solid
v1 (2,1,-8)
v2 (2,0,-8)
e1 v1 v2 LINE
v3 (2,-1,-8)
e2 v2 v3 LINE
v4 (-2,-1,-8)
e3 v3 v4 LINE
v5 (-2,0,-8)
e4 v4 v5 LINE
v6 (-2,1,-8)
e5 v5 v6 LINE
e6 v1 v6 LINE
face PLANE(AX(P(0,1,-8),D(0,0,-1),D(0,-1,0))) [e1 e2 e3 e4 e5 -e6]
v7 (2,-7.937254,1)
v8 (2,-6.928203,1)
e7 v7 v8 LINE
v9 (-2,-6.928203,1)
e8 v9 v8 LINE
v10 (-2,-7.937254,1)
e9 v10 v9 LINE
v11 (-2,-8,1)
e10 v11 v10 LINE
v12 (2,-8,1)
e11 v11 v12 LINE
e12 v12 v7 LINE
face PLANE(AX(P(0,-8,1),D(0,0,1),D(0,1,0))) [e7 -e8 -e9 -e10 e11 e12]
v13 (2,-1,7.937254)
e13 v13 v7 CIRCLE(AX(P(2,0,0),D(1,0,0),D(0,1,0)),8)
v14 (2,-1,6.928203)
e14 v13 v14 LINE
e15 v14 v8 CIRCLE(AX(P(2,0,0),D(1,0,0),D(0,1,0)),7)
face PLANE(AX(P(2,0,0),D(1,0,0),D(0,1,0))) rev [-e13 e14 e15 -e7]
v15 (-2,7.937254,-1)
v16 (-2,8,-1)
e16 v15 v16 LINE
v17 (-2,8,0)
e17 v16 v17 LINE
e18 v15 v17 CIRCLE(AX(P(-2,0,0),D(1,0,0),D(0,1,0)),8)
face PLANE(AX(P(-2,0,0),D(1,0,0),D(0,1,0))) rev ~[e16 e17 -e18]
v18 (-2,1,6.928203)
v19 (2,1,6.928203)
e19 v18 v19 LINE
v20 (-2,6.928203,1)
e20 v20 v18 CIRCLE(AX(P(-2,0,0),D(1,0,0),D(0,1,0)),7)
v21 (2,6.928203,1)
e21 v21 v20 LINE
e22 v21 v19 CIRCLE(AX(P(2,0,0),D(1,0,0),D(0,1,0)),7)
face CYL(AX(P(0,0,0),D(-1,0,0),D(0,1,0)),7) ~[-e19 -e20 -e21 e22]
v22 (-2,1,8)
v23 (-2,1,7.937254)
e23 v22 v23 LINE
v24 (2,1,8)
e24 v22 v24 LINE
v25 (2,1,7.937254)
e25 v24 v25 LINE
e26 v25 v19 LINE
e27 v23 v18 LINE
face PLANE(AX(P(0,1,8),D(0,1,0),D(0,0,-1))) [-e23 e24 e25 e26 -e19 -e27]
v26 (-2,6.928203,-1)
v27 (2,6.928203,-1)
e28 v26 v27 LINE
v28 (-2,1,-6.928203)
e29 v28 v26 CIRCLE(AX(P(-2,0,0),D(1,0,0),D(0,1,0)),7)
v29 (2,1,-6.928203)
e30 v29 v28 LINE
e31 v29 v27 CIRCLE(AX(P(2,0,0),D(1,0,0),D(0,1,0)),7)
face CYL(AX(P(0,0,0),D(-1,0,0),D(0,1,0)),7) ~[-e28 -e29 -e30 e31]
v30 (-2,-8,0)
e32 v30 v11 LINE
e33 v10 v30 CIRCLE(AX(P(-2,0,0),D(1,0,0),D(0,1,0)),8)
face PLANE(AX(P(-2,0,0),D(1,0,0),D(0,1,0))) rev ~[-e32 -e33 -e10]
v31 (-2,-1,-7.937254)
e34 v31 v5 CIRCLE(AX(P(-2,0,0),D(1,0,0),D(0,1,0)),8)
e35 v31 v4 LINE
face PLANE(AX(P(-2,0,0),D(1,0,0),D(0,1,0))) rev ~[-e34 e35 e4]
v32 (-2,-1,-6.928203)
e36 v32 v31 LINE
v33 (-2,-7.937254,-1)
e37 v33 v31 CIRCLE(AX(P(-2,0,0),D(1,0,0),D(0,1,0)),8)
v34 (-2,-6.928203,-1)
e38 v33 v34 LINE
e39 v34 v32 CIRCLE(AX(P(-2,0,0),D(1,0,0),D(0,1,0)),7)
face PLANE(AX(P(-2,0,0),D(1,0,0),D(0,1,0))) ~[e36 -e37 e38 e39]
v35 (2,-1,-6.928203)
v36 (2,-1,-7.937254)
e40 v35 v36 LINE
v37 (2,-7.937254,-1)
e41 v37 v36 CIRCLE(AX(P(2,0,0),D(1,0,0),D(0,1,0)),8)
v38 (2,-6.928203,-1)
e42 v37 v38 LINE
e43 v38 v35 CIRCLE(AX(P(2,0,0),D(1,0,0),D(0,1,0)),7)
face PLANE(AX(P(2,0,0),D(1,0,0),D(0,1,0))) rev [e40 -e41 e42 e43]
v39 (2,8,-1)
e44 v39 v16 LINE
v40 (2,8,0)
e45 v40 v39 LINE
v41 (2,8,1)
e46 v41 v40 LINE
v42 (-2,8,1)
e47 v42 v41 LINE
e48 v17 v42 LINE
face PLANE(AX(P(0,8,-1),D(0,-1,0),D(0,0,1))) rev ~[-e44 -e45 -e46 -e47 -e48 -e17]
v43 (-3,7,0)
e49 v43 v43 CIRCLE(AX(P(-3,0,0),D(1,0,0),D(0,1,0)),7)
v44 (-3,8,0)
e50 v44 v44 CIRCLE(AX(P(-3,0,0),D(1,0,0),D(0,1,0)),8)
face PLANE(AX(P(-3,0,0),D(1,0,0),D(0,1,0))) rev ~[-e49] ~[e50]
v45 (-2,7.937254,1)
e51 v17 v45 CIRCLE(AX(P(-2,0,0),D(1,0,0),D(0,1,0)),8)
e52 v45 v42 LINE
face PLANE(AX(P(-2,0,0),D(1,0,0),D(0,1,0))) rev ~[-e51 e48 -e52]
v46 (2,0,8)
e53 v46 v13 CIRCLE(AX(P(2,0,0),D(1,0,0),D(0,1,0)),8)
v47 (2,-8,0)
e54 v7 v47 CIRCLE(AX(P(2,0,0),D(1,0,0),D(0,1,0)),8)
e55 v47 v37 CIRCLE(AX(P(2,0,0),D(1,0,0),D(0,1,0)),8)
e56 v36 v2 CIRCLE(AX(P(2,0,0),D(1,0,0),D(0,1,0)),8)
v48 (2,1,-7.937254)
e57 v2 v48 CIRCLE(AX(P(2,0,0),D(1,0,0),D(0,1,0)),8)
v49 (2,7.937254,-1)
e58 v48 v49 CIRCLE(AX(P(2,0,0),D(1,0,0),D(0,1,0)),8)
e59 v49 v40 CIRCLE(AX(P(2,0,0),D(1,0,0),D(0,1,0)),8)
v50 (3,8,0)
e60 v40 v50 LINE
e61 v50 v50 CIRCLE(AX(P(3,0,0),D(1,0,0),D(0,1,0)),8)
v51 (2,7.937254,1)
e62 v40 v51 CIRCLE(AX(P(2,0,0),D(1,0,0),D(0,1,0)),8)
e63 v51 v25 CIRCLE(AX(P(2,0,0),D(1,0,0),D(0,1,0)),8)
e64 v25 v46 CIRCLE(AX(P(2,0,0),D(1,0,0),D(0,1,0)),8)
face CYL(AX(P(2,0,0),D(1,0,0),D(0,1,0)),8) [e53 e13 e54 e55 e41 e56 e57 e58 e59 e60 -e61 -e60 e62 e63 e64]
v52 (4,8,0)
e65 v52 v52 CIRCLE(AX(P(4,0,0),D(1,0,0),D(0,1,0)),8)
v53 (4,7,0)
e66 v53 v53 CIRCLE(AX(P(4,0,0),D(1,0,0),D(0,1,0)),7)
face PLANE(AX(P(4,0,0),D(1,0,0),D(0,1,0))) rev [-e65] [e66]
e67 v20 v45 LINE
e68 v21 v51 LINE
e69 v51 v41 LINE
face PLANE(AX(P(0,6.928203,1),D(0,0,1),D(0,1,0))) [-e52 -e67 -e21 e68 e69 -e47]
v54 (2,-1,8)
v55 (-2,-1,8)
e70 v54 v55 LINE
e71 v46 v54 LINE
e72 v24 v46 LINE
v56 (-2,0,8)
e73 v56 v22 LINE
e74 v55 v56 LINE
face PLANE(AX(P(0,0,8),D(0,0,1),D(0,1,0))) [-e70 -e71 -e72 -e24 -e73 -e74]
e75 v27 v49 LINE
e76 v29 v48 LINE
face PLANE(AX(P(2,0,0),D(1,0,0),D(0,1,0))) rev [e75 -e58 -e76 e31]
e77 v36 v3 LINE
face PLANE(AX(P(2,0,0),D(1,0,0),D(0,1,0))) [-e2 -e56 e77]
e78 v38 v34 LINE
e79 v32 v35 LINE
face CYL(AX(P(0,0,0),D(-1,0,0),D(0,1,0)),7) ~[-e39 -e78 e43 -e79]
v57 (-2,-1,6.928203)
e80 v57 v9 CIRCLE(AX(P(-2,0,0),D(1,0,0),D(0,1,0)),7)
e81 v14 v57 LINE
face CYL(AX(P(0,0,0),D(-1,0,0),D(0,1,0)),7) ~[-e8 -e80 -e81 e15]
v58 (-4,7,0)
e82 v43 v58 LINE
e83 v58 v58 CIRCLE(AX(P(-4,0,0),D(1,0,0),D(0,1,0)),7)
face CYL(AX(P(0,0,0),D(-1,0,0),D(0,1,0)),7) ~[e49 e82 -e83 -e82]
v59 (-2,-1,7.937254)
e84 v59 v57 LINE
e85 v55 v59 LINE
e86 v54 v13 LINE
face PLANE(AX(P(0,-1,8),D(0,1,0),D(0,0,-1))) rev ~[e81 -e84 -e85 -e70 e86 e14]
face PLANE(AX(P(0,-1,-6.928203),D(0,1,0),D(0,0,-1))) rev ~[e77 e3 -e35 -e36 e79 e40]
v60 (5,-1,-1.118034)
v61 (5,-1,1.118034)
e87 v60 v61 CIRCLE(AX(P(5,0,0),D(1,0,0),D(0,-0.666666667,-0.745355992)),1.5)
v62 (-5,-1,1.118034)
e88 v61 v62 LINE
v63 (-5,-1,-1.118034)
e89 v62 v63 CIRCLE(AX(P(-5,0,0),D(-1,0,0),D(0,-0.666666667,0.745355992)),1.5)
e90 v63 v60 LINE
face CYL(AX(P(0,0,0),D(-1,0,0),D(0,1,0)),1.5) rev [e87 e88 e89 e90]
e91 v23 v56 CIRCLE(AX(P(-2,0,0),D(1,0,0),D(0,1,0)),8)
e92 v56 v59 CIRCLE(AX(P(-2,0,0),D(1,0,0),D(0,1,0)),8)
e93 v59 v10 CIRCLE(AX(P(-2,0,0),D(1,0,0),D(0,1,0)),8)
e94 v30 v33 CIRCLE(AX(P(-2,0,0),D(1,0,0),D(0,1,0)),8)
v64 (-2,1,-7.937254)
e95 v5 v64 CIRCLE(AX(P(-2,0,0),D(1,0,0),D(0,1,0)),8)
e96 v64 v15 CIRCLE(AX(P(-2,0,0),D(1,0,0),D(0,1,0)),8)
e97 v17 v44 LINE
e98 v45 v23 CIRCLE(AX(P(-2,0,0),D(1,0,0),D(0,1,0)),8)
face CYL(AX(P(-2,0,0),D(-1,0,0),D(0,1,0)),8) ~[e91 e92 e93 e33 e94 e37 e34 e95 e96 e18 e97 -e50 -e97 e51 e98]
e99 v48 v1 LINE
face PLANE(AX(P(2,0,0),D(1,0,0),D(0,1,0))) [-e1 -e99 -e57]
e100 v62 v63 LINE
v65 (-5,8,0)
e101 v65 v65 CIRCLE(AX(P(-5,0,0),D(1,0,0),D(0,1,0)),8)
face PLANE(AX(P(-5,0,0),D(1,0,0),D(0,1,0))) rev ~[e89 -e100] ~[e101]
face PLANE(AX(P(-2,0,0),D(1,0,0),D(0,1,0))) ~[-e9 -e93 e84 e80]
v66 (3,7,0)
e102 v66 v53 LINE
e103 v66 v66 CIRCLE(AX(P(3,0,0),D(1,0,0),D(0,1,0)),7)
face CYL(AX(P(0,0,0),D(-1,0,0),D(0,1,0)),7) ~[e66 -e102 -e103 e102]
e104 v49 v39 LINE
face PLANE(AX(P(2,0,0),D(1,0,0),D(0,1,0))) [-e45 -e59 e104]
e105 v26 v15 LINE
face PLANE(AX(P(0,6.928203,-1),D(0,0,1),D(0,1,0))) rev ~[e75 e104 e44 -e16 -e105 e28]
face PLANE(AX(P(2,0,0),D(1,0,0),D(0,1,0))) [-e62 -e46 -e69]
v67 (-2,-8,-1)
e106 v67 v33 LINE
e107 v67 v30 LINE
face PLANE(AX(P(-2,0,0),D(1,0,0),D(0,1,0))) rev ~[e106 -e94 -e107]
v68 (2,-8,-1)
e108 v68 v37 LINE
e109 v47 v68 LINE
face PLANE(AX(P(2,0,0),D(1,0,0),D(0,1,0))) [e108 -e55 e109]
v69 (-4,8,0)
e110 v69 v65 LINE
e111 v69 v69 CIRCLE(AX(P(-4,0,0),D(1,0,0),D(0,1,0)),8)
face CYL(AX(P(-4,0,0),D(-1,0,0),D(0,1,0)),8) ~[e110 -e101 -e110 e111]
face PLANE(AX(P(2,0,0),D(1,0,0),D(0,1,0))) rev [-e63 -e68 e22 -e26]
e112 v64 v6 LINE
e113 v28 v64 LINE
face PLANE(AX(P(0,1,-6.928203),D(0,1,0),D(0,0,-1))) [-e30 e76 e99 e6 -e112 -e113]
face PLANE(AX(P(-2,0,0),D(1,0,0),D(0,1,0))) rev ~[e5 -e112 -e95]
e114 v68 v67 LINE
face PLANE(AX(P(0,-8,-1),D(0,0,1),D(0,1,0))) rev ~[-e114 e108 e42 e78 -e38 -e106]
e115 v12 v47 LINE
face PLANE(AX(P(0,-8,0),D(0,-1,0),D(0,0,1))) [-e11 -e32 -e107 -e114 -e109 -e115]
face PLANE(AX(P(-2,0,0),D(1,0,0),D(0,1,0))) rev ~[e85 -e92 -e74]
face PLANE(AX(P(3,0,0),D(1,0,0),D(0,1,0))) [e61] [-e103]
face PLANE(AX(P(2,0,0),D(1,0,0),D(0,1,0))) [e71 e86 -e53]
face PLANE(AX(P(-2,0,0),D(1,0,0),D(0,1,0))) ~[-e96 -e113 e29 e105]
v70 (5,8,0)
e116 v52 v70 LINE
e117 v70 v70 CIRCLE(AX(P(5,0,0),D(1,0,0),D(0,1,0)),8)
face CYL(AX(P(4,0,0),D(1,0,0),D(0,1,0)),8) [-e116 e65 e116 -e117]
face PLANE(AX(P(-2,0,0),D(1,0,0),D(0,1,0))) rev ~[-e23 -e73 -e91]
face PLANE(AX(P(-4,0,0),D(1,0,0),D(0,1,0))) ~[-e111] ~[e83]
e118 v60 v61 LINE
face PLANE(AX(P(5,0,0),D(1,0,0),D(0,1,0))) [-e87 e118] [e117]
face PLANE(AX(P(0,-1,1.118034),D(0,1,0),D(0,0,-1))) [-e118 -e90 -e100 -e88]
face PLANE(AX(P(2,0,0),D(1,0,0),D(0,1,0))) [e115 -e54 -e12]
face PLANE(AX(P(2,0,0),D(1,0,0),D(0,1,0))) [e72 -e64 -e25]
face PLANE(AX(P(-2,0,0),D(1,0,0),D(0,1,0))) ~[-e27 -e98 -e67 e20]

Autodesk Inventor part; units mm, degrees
ref_plane "YZ Plane" through (0, 0, 0) normal (1, 0, 0) x (0, 1, 0)
ref_plane "XZ Plane" through (0, 0, 0) normal (0, 1, 0) x (-1, 0, 0)
ref_plane "XY Plane" through (0, 0, 0) normal (0, 0, 1) x (1, 0, 0)
sketch "Szkic1" plane through (0, 0, 0) normal (1, 0, 0) x (0, 1, 0)
  circle A0 centre (0, 0) radius 7
  circle A1 centre (0, 0) radius 1.5
  line L0 (0, 1.5) -> (0, -1.0846)
  line L1 (-1, 1.9718) -> (-1, -1.0846)
  line L2 (8, 0) -> (-8, 0)
  line L3 (-8, 0) -> (-8, -1)
  line L4 (-8, -1) -> (8, -1)
  line L5 (8, -1) -> (8, 0)
  line L6 (8, 0) -> (-8, 0)
  line L7 (-8, 0) -> (-8, 1)
  line L8 (-8, 1) -> (8, 1)
  line L9 (8, 1) -> (8, 0)
  line L10 (0, 8) -> (1, 8)
  line L11 (1, 8) -> (1, -8)
  line L12 (1, -8) -> (0, -8)
  line L13 (0, 8) -> (-1, 8)
  line L14 (-1, 8) -> (-1, -8)
  line L15 (-1, -8) -> (0, -8)
  line L16 (0, -8) -> (0, 8)
  point P0 (-1, -1.118)
  point P1 (-1, 1.118)
  point P2 (-6.9282, -1)
  point P3 (-6.9282, 1)
  point P4 (1, -6.9282)
  point P5 (-1, -6.9282)
  point P6 (6.9282, 1)
  point P7 (6.9282, -1)
  point P8 (-1, 6.9282)
  point P9 (1, 6.9282)
  dimension "d1" = 3
  dimension "d0" = 14
  dimension "d2" = 1
  dimension "d14" = 16
  dimension "d16" = 16
  dimension "d18" = 2
  dimension "d19" = 2
sketch "Szkic2" plane through (0, 0, 0) normal (0, 0, 1) x (1, 0, 0)
  line L0 (0, 0) -> (5, 0)
  line L1 (5, 0) -> (5, 7)
  line L2 (5, 7) -> (0, 7)
  line L3 (0, 7) -> (0, 0)
  line L4 (0, 0) -> (-5, 0)
  line L5 (-5, 0) -> (-5, 7)
  line L6 (-5, 7) -> (0, 7)
  line L7 (0, 7) -> (0, 0)
  line L8 (0, 0) -> (5, 0)
  line L9 (5, 0) -> (5, -7)
  line L10 (5, -7) -> (0, -7)
  line L11 (0, -7) -> (0, 0)
  line L12 (0, 0) -> (-5, 0)
  line L13 (-5, 0) -> (-5, -7)
  line L14 (-5, -7) -> (0, -7)
  line L15 (0, -7) -> (0, 0)
  line L16 (5, 7) -> (4, 7)
  line L17 (4, 7) -> (4, 8)
  line L18 (4, 8) -> (5, 8)
  line L19 (5, 8) -> (5, 7)
  line L20 (3, 7) -> (2, 7)
  line L21 (2, 7) -> (2, 8)
  line L22 (2, 8) -> (3, 8)
  line L23 (3, 8) -> (3, 7)
  line L24 (-5, 7) -> (-4, 7)
  line L25 (-4, 7) -> (-4, 8)
  line L26 (-4, 8) -> (-5, 8)
  line L27 (-5, 8) -> (-5, 7)
  line L28 (-3, 7) -> (-2, 7)
  line L29 (-2, 7) -> (-2, 8)
  line L30 (-2, 8) -> (-3, 8)
  line L31 (-3, 8) -> (-3, 7)
  dimension "d3" = 5
  dimension "d4" = 7
  dimension "d5" = 10
  dimension "d6" = 14
  dimension "d7" = 1
  dimension "d8" = 1
  dimension "d9" = 1
  dimension "d10" = 1
  dimension "d11" = 1
  dimension "d12" = 1
  dimension "d13" = 1
extrude "Wyciągnięcie proste1" add sketch "Szkic1" along normal mid plane 10 contours L2 A1 L8 A0 | A0 L4 A1 L2 | L8 A1 L11 A0 | A0 L11 A1 L4 | L11 A1 L16 A0 | A0 L16 A1 L11 | L16 A1 L1 L14 A0 | A0 L14 A1 L16 | L14 L1 A1 L8 A0 | A0 L4 A1 L14 | L2 A1 L8 L1 | L1 L4 A1 L2 | L8 A1 L2 A0 | L1 L8 A1 | A0 L2 A1 L4 | A1 L4 L1 L14
extrude "Wyciągnięcie proste2" add sketch "Szkic1" along normal mid plane 4 contours L2 L5 L4 A0 | A0 L8 L9 L2 | A0 L16 L10 L11 | L11 L12 L16 A0 | A0 L14 L13 L16 | L16 L15 L14 A0 | A0 L2 L7 L8 | L4 L3 L2 A0
revolve "Obrót1" add sketch "Szkic2" angle 360 about axis through (0, 0, 0) along (1, 0, 0) contours L2 L17 L18 L19 | L21 L22 L23 L2 | L6 L31 L30 L29 | L27 L26 L25 L6
properties part number "lepszy kolo"
